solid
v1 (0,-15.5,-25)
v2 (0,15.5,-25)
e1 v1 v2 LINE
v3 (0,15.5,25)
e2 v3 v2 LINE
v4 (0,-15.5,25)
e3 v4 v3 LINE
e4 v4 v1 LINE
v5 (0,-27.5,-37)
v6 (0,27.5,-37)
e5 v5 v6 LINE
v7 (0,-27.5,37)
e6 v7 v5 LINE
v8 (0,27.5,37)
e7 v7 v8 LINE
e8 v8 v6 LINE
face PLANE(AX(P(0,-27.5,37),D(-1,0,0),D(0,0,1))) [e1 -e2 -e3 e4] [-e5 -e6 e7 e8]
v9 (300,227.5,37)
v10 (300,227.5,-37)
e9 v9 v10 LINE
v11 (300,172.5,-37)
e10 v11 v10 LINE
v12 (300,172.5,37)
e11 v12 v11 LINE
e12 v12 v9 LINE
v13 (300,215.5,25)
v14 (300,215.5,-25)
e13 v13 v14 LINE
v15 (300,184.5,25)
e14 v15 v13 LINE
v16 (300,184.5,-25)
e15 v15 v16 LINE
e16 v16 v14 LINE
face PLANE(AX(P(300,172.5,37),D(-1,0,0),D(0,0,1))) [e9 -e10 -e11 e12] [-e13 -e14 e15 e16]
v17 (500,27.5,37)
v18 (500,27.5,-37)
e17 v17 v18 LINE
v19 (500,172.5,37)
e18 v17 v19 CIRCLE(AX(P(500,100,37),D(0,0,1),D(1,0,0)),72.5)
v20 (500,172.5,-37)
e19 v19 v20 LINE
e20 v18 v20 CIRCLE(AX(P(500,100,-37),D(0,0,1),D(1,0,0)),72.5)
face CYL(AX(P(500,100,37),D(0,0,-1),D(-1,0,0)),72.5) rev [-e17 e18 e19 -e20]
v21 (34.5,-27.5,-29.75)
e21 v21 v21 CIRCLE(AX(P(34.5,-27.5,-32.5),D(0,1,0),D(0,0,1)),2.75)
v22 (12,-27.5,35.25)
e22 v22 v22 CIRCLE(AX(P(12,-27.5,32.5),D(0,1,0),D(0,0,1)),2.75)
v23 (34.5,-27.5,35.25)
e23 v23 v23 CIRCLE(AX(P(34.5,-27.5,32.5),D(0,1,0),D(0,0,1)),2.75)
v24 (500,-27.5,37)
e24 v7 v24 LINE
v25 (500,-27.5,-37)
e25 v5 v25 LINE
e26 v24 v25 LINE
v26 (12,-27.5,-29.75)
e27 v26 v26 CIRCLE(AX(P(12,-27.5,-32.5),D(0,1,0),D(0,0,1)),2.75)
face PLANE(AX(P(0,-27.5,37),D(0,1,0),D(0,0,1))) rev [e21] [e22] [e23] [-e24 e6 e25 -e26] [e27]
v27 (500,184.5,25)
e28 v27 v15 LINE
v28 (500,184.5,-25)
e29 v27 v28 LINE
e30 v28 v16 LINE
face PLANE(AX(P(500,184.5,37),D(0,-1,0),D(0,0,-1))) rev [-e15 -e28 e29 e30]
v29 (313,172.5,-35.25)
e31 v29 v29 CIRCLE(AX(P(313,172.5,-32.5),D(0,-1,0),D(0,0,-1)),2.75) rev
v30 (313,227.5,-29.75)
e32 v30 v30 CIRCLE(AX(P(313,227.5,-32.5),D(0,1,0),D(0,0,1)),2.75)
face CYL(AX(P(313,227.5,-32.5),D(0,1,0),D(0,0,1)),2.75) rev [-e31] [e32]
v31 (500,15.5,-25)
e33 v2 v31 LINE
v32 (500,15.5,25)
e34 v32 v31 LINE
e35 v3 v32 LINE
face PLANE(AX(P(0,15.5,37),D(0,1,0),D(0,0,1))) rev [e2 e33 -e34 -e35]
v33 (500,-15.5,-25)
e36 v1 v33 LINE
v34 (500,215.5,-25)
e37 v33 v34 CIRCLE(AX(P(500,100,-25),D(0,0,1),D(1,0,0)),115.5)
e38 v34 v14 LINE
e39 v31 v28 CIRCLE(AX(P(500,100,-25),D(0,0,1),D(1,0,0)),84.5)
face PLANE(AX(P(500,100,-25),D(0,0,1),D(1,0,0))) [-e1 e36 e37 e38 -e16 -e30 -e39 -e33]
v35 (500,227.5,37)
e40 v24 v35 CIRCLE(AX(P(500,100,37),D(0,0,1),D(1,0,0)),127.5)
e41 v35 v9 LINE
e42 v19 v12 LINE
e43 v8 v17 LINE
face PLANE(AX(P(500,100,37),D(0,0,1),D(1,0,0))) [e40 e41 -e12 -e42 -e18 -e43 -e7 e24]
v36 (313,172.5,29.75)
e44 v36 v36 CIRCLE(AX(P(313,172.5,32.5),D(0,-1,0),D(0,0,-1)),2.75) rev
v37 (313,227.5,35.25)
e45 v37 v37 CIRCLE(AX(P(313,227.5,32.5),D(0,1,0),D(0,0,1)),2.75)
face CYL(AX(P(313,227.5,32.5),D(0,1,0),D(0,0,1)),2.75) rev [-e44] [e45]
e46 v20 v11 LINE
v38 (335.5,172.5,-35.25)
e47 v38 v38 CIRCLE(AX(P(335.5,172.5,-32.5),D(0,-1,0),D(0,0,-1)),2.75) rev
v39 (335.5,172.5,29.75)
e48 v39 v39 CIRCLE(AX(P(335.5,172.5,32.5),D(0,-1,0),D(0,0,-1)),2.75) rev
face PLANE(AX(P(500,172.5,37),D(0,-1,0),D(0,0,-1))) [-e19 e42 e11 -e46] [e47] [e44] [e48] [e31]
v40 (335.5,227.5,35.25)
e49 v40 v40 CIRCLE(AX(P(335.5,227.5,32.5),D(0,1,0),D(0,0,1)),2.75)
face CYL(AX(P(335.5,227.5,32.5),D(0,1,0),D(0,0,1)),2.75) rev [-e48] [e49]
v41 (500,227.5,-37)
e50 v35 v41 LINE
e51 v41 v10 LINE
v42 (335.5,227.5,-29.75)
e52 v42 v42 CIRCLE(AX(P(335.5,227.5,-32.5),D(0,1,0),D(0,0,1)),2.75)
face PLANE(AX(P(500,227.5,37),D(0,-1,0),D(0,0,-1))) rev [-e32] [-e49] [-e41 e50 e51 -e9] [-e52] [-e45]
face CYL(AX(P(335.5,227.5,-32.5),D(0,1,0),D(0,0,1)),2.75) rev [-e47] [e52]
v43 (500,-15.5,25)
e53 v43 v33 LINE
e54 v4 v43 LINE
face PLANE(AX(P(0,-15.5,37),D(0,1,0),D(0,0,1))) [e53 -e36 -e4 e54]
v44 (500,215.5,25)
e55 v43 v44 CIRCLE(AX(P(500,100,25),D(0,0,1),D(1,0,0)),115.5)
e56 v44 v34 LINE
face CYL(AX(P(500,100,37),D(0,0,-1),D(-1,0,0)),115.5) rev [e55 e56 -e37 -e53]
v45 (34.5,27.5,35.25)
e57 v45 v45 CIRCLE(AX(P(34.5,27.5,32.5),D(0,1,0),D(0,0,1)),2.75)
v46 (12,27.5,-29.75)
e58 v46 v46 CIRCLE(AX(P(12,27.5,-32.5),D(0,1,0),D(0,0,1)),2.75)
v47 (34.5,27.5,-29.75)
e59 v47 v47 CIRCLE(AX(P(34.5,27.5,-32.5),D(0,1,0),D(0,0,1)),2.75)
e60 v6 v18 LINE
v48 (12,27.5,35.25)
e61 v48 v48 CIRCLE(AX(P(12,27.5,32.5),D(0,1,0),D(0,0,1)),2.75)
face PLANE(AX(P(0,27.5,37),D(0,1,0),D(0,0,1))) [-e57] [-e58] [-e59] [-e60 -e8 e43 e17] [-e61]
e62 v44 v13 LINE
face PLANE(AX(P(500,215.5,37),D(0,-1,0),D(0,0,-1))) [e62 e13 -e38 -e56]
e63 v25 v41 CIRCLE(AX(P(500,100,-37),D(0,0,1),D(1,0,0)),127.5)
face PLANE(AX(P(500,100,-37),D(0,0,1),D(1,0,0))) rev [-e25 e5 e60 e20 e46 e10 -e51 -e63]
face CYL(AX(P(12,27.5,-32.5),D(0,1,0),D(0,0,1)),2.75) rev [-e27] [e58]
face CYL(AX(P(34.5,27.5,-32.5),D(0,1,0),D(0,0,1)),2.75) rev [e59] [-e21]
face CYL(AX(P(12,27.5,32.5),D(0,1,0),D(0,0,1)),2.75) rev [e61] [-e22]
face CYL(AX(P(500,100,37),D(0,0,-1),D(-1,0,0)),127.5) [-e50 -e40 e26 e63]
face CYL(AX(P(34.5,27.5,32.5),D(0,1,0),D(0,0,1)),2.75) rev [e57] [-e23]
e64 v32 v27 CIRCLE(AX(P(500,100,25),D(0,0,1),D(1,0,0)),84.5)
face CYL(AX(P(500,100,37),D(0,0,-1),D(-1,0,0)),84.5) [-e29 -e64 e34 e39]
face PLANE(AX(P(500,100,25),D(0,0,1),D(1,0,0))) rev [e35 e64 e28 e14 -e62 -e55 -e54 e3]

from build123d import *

# Parameters (mm, degrees)
EXTRUDE_1_DEPTH         = 37
SHELL_1_T               = -12
HOLE_WIZARD_M5_2_D      = 5.5
HOLE_WIZARD_M5_1_REACH  = 680.344
HOLE_WIZARD_M5_1_BORE_R = 2.75


with BuildPart() as part:
    # 草图1 → 拉伸-薄壁1 (new, symmetric)
    with BuildSketch(Plane.XY):
        with BuildLine():
            Line((0, -27.5), (500, -27.5))
            ThreePointArc((500, -27.5), (627.5, 100), (500, 227.5))
            Line((500, 227.5), (300, 227.5))
            Line((300, 227.5), (300, 172.5))
            Line((300, 172.5), (500, 172.5))
            ThreePointArc((500, 172.5), (572.5, 100), (500, 27.5))
            Line((500, 27.5), (0, 27.5))
            Line((0, 27.5), (0, -27.5))
        make_face()
    extrude(amount=EXTRUDE_1_DEPTH, both=True)

    # 抽壳1
    shell_1_openings = [part.faces().sort_by_distance(p)[0] for p in [
        (0, 0, 0),
        (300, 200, 0),
    ]]
    offset(amount=SHELL_1_T, openings=shell_1_openings, kind=Kind.INTERSECTION)

    # M5 间隙孔2 (through all)
    with Locations(Plane(origin=(0, 27.5, 0), x_dir=(1, 0, 0), z_dir=(0, 1, 0))):
        with Locations((12, 32.5), (34.5, 32.5), (34.5, -32.5), (12, -32.5)):
            Hole(HOLE_WIZARD_M5_2_D / 2)

    # M5 间隙孔1 bore → M5 间隙孔1 (cut, up to next)
    with BuildSketch(Plane(origin=(0, 227.5, 0), x_dir=(1, 0, 0), z_dir=(0, 1, 0)), mode=Mode.PRIVATE) as hole_wizard_m5_1_sk1:
        with Locations((313, 32.5)):
            Circle(HOLE_WIZARD_M5_1_BORE_R)
    hole_wizard_m5_1_tool1 = extrude(hole_wizard_m5_1_sk1.sketch, amount=-HOLE_WIZARD_M5_1_REACH, mode=Mode.PRIVATE) & part.part
    # M5 间隙孔1 bore → M5 间隙孔1 (cut, up to next)
    with BuildSketch(Plane(origin=(0, 227.5, 0), x_dir=(1, 0, 0), z_dir=(0, 1, 0)), mode=Mode.PRIVATE) as hole_wizard_m5_1_sk2:
        with Locations((335.5, 32.5)):
            Circle(HOLE_WIZARD_M5_1_BORE_R)
    hole_wizard_m5_1_tool2 = extrude(hole_wizard_m5_1_sk2.sketch, amount=-HOLE_WIZARD_M5_1_REACH, mode=Mode.PRIVATE) & part.part
    # M5 间隙孔1 bore → M5 间隙孔1 (cut, up to next)
    with BuildSketch(Plane(origin=(0, 227.5, 0), x_dir=(1, 0, 0), z_dir=(0, 1, 0)), mode=Mode.PRIVATE) as hole_wizard_m5_1_sk3:
        with Locations((335.5, -32.5)):
            Circle(HOLE_WIZARD_M5_1_BORE_R)
    hole_wizard_m5_1_tool3 = extrude(hole_wizard_m5_1_sk3.sketch, amount=-HOLE_WIZARD_M5_1_REACH, mode=Mode.PRIVATE) & part.part
    # M5 间隙孔1 bore → M5 间隙孔1 (cut, up to next)
    with BuildSketch(Plane(origin=(0, 227.5, 0), x_dir=(1, 0, 0), z_dir=(0, 1, 0)), mode=Mode.PRIVATE) as hole_wizard_m5_1_sk4:
        with Locations((313, -32.5)):
            Circle(HOLE_WIZARD_M5_1_BORE_R)
    hole_wizard_m5_1_tool4 = extrude(hole_wizard_m5_1_sk4.sketch, amount=-HOLE_WIZARD_M5_1_REACH, mode=Mode.PRIVATE) & part.part
    add(hole_wizard_m5_1_tool1.solids().sort_by_distance((313, 227.5, -32.5))[0], mode=Mode.SUBTRACT)
    add(hole_wizard_m5_1_tool2.solids().sort_by_distance((335.5, 227.5, -32.5))[0], mode=Mode.SUBTRACT)
    add(hole_wizard_m5_1_tool3.solids().sort_by_distance((335.5, 227.5, 32.5))[0], mode=Mode.SUBTRACT)
    add(hole_wizard_m5_1_tool4.solids().sort_by_distance((313, 227.5, 32.5))[0], mode=Mode.SUBTRACT)


solid = part.part
